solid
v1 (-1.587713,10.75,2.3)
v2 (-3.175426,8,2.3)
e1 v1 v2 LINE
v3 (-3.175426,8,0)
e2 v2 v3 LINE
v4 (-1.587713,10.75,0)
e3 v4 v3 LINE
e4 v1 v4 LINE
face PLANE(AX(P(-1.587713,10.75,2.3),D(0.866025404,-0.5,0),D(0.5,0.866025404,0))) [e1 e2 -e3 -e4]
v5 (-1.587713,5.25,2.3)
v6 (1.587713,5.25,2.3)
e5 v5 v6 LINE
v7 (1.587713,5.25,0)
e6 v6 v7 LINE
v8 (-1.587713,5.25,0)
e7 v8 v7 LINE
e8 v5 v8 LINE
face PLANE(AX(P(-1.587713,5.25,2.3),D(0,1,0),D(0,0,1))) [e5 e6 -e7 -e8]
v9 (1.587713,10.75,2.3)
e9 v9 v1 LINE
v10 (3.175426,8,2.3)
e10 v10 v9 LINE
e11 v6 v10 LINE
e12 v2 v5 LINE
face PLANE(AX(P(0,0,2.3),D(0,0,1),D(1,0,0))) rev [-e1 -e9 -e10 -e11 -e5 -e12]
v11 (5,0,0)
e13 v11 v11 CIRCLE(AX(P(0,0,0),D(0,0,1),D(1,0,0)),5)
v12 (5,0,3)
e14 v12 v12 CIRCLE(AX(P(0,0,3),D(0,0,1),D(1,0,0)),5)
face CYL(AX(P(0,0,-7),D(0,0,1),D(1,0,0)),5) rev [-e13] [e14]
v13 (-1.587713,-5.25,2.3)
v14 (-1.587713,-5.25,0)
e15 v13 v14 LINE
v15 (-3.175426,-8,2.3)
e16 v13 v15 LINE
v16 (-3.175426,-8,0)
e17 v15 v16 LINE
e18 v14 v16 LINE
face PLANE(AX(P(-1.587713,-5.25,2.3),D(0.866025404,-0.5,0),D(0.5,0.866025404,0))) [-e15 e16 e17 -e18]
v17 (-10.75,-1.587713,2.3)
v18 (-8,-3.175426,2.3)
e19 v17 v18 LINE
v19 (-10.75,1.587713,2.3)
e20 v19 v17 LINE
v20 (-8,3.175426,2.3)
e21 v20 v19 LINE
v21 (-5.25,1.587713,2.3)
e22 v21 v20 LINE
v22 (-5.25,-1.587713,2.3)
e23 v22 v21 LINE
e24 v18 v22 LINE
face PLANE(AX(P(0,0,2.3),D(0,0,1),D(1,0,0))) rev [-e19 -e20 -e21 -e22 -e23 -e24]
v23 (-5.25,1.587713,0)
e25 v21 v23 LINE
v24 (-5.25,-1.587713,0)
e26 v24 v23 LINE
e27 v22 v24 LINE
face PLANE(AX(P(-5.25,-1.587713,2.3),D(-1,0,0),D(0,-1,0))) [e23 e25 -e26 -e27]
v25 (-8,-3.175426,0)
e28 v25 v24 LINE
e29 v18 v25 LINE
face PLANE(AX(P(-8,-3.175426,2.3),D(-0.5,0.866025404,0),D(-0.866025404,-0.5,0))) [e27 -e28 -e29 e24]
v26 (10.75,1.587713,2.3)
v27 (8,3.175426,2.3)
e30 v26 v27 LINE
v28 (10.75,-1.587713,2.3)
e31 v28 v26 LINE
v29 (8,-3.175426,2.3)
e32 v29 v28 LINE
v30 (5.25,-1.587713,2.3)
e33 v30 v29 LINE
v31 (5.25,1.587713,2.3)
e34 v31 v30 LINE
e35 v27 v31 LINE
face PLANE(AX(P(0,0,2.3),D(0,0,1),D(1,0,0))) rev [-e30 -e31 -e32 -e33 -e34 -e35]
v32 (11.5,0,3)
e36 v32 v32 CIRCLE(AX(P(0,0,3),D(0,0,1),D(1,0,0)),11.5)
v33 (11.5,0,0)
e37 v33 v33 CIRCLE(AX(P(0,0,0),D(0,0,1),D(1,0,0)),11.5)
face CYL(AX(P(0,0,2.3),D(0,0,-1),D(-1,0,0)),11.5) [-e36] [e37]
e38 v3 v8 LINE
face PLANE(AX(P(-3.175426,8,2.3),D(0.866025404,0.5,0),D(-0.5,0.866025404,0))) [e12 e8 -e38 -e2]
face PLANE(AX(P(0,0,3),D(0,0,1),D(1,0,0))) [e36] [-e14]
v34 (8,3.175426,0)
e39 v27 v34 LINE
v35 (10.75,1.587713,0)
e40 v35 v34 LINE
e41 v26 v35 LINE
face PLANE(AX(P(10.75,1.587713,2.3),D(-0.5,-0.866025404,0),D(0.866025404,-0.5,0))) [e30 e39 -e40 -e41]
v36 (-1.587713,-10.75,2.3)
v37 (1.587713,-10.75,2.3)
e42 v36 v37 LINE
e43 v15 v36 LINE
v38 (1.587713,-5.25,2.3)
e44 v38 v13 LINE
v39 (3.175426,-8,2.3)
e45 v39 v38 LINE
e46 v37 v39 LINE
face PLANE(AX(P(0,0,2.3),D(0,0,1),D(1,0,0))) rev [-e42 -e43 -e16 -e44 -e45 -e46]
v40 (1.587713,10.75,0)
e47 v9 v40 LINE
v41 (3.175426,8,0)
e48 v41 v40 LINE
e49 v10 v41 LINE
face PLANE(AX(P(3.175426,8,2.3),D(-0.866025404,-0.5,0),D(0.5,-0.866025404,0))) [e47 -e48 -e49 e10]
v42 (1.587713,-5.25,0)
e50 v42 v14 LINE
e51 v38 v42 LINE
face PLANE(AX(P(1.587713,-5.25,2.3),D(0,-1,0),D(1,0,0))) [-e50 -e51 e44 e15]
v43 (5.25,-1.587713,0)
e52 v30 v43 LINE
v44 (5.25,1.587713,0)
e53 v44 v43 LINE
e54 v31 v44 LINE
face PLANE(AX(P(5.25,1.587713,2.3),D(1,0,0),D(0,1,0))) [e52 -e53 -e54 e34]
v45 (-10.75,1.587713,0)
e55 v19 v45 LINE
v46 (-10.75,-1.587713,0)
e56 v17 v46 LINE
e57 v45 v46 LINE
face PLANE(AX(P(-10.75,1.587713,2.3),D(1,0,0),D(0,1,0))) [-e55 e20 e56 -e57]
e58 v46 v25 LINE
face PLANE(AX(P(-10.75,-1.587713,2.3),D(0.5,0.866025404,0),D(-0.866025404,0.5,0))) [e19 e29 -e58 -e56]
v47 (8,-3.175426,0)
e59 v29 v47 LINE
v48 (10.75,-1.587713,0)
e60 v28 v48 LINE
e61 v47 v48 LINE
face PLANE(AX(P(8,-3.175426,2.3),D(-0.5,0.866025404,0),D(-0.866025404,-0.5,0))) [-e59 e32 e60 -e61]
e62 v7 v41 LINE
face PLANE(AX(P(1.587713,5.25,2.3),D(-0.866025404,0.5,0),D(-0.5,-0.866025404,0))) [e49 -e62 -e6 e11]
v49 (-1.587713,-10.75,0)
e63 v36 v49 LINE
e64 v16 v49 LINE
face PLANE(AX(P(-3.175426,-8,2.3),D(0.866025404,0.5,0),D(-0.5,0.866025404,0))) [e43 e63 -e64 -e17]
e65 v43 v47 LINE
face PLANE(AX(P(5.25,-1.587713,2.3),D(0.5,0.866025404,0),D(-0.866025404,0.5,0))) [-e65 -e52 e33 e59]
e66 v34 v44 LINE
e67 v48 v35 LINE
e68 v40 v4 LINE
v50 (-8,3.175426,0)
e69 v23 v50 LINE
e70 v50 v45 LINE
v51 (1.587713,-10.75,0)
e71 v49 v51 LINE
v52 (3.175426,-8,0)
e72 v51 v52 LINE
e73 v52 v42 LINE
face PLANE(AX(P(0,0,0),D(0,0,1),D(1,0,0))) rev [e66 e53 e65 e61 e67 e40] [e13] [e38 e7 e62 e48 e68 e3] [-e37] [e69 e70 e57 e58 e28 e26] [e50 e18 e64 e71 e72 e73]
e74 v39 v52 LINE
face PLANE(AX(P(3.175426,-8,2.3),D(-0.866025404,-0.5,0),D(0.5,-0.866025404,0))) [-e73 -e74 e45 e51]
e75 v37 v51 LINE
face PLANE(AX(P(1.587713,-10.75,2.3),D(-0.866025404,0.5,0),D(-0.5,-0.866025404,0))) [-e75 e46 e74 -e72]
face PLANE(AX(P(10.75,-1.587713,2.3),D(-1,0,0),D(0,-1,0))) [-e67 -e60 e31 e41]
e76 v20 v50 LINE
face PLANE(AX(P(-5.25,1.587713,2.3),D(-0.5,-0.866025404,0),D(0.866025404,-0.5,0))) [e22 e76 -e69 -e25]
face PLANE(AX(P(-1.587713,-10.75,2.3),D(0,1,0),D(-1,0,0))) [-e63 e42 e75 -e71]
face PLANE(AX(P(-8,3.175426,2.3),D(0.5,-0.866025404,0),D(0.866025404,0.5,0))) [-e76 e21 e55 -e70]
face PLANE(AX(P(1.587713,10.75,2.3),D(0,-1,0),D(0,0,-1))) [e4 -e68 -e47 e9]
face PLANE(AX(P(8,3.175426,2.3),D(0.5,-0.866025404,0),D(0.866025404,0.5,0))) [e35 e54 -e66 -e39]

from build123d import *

# Parameters (mm, degrees)
SKETCH_1_R          = 11.5
EXTRUDE_1_DEPTH     = 2.3
SKETCH_2_R          = 11.5
EXTRUDE_2_DEPTH     = 0.7
SKETCH_3_R          = 5
CUT_EXTRUDE_1_DEPTH = 10


with BuildPart() as part:
    # 草图1 → 凸台-拉伸1 (new body)
    with BuildSketch(Plane.XY):
        Circle(SKETCH_1_R)
        Polygon((8, -3.175426481), (10.75, -1.58771324), (10.75, 1.58771324), (8, 3.175426481), (5.25, 1.58771324), (5.25, -1.58771324), align=None, mode=Mode.SUBTRACT)
        Polygon((3.175426481, 8), (1.58771324, 10.75), (-1.58771324, 10.75), (-3.175426481, 8), (-1.58771324, 5.25), (1.58771324, 5.25), align=None, mode=Mode.SUBTRACT)
        Polygon((-3.175426481, -8), (-1.58771324, -10.75), (1.58771324, -10.75), (3.175426481, -8), (1.58771324, -5.25), (-1.58771324, -5.25), align=None, mode=Mode.SUBTRACT)
        Polygon((-8, 3.175426481), (-10.75, 1.58771324), (-10.75, -1.58771324), (-8, -3.175426481), (-5.25, -1.58771324), (-5.25, 1.58771324), align=None, mode=Mode.SUBTRACT)
    extrude(amount=EXTRUDE_1_DEPTH)

    # 草图2 → 凸台-拉伸2 (add)
    with BuildSketch(Plane.XY.offset(2.3)):
        Circle(SKETCH_2_R)
    extrude(amount=EXTRUDE_2_DEPTH)

    # 草图3 → 切除-拉伸1 (cut)
    with BuildSketch(Plane.XY.offset(3)):
        Circle(SKETCH_3_R)
    extrude(amount=-CUT_EXTRUDE_1_DEPTH, mode=Mode.SUBTRACT)


solid = part.part
